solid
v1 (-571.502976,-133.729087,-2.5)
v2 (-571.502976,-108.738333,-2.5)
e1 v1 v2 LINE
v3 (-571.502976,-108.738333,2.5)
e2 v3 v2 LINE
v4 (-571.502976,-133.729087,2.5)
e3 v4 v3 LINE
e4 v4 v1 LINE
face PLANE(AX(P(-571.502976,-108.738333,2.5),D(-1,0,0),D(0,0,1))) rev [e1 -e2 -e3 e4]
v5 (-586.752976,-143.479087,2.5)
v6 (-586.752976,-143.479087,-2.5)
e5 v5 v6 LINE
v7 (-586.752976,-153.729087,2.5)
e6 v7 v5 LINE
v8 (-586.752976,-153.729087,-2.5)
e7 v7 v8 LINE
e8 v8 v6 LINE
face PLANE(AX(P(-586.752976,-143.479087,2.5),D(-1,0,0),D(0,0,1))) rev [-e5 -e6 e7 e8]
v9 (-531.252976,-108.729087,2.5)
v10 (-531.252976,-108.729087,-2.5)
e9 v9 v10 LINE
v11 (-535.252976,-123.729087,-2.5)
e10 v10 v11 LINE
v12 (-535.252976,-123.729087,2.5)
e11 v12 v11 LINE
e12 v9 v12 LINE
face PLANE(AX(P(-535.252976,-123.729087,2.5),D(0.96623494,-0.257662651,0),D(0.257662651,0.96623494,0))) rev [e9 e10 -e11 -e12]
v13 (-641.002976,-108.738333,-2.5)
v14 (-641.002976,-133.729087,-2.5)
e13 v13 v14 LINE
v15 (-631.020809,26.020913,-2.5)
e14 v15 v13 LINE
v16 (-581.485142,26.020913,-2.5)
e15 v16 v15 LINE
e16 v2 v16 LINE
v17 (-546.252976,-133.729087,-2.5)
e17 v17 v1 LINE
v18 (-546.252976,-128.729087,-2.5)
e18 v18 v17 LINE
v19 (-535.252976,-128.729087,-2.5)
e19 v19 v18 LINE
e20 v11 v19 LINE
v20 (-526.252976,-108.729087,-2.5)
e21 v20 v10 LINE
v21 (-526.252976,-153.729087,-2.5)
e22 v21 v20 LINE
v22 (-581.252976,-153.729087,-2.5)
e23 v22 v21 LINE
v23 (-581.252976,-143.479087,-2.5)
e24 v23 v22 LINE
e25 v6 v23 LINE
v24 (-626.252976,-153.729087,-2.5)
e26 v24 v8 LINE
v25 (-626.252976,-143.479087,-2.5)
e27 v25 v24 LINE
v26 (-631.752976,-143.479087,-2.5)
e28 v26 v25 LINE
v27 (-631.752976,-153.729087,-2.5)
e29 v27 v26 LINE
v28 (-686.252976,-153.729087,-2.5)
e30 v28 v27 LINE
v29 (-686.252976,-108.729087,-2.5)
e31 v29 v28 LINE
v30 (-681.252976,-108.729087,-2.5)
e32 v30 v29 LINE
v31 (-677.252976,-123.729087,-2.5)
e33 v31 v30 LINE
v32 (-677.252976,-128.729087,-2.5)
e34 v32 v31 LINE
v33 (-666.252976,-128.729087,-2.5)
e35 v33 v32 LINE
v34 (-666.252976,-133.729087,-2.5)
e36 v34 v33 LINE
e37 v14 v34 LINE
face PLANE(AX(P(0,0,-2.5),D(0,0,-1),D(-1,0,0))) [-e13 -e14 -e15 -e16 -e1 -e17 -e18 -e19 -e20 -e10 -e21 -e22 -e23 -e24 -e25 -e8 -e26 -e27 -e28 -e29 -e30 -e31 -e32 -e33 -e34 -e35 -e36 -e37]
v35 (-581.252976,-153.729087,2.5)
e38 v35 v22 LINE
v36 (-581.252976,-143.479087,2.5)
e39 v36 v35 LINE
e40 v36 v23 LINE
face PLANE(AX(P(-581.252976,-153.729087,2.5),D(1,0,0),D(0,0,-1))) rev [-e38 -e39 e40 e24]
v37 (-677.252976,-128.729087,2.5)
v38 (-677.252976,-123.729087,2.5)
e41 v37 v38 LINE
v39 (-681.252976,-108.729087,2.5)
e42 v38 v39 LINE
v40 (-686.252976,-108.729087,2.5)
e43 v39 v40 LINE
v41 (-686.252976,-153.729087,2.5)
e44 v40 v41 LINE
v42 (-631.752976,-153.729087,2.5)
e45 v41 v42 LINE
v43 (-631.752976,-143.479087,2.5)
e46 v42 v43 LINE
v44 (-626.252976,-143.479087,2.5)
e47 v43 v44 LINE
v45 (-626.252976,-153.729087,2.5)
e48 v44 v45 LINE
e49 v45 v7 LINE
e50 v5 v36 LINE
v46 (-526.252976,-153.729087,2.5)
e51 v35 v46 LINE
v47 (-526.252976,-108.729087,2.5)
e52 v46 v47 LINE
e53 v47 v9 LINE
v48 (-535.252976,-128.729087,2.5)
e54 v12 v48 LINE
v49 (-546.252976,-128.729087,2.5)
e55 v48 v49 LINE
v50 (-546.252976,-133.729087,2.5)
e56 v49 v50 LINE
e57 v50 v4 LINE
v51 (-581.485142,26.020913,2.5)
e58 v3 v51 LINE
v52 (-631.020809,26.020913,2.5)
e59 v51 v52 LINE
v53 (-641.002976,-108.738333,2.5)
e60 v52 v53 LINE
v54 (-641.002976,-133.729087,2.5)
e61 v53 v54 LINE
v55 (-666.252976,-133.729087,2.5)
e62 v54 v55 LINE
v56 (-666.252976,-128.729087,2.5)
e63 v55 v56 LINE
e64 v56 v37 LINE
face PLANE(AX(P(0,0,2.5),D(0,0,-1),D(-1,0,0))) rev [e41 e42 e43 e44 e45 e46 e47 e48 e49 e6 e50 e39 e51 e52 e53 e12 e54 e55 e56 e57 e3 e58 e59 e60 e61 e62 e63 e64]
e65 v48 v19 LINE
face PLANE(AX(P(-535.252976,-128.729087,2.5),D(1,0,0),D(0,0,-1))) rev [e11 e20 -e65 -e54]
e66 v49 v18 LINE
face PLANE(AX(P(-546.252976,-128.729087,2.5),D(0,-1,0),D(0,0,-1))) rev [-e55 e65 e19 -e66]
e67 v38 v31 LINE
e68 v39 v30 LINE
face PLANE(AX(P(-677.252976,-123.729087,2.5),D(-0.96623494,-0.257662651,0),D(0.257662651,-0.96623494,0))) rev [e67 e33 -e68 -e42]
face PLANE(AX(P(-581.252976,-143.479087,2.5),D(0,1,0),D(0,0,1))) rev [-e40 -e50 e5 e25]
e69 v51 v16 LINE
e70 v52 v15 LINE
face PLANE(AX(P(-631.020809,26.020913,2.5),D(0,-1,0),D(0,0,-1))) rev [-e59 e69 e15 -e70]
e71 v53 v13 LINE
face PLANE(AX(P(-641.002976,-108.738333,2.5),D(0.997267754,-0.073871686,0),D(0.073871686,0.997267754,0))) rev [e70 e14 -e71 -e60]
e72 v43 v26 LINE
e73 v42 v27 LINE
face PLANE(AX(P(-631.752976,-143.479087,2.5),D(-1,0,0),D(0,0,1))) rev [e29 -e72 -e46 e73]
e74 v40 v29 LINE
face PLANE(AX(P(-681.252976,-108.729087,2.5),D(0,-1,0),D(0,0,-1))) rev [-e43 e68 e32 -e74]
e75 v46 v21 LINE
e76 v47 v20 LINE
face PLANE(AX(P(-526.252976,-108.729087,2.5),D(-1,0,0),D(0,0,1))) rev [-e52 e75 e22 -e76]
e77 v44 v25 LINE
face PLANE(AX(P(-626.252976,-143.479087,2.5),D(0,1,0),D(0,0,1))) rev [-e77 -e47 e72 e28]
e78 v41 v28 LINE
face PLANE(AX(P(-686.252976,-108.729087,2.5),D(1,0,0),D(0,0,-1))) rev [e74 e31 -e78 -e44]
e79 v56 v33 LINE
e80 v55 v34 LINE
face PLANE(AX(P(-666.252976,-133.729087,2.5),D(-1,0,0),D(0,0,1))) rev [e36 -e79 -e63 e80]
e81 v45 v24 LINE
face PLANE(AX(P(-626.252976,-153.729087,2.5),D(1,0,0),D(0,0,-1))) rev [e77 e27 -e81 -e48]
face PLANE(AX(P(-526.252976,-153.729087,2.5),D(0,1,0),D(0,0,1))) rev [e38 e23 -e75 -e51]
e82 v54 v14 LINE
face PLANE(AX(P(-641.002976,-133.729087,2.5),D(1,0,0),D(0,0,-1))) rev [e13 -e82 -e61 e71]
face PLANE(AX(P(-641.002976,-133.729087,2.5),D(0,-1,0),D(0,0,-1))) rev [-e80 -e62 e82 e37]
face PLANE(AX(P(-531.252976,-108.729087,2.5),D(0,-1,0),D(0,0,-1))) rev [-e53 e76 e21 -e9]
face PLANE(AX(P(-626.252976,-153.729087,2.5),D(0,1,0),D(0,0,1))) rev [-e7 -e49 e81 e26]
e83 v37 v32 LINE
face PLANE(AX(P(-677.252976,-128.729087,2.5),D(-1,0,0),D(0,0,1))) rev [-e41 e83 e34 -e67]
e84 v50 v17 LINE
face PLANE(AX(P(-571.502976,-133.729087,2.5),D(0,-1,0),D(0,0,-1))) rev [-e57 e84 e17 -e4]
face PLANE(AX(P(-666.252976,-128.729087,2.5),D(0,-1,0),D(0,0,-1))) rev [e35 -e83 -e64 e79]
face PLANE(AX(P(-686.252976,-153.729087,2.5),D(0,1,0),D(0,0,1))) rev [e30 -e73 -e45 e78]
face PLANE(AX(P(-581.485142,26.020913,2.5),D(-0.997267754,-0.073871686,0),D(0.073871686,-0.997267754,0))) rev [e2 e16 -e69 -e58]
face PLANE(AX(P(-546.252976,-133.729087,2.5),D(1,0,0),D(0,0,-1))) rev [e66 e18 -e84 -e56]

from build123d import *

# Parameters (mm, degrees)
BOSS_EXTRUDE1_DEPTH = 2.5


with BuildPart() as part:
    # Sketch2 → Boss-Extrude1 (new, symmetric)
    with BuildSketch(Plane.XY):
        Polygon((-641.002975542, -108.738333192), (-631.020809128, 26.020913401), (-581.485141956, 26.020913401), (-571.502975542, -108.738333192), (-571.502975542, -133.729086599), (-546.252975542, -133.729086599), (-546.252975542, -128.729086599), (-535.252975542, -128.729086599), (-535.252975542, -123.729086599), (-531.252975542, -108.729086599), (-526.252975542, -108.729086599), (-526.252975542, -153.729086599), (-581.252975542, -153.729086599), (-581.252975542, -143.479086599), (-586.752975542, -143.479086599), (-586.752975542, -153.729086599), (-626.252975542, -153.729086599), (-626.252975542, -143.479086599), (-631.752975542, -143.479086599), (-631.752975542, -153.729086599), (-686.252975542, -153.729086599), (-686.252975542, -108.729086599), (-681.252975542, -108.729086599), (-677.252975542, -123.729086599), (-677.252975542, -128.729086599), (-666.252975542, -128.729086599), (-666.252975542, -133.729086599), (-641.002975542, -133.729086599), align=None)
    extrude(amount=BOSS_EXTRUDE1_DEPTH, both=True)


solid = part.part
